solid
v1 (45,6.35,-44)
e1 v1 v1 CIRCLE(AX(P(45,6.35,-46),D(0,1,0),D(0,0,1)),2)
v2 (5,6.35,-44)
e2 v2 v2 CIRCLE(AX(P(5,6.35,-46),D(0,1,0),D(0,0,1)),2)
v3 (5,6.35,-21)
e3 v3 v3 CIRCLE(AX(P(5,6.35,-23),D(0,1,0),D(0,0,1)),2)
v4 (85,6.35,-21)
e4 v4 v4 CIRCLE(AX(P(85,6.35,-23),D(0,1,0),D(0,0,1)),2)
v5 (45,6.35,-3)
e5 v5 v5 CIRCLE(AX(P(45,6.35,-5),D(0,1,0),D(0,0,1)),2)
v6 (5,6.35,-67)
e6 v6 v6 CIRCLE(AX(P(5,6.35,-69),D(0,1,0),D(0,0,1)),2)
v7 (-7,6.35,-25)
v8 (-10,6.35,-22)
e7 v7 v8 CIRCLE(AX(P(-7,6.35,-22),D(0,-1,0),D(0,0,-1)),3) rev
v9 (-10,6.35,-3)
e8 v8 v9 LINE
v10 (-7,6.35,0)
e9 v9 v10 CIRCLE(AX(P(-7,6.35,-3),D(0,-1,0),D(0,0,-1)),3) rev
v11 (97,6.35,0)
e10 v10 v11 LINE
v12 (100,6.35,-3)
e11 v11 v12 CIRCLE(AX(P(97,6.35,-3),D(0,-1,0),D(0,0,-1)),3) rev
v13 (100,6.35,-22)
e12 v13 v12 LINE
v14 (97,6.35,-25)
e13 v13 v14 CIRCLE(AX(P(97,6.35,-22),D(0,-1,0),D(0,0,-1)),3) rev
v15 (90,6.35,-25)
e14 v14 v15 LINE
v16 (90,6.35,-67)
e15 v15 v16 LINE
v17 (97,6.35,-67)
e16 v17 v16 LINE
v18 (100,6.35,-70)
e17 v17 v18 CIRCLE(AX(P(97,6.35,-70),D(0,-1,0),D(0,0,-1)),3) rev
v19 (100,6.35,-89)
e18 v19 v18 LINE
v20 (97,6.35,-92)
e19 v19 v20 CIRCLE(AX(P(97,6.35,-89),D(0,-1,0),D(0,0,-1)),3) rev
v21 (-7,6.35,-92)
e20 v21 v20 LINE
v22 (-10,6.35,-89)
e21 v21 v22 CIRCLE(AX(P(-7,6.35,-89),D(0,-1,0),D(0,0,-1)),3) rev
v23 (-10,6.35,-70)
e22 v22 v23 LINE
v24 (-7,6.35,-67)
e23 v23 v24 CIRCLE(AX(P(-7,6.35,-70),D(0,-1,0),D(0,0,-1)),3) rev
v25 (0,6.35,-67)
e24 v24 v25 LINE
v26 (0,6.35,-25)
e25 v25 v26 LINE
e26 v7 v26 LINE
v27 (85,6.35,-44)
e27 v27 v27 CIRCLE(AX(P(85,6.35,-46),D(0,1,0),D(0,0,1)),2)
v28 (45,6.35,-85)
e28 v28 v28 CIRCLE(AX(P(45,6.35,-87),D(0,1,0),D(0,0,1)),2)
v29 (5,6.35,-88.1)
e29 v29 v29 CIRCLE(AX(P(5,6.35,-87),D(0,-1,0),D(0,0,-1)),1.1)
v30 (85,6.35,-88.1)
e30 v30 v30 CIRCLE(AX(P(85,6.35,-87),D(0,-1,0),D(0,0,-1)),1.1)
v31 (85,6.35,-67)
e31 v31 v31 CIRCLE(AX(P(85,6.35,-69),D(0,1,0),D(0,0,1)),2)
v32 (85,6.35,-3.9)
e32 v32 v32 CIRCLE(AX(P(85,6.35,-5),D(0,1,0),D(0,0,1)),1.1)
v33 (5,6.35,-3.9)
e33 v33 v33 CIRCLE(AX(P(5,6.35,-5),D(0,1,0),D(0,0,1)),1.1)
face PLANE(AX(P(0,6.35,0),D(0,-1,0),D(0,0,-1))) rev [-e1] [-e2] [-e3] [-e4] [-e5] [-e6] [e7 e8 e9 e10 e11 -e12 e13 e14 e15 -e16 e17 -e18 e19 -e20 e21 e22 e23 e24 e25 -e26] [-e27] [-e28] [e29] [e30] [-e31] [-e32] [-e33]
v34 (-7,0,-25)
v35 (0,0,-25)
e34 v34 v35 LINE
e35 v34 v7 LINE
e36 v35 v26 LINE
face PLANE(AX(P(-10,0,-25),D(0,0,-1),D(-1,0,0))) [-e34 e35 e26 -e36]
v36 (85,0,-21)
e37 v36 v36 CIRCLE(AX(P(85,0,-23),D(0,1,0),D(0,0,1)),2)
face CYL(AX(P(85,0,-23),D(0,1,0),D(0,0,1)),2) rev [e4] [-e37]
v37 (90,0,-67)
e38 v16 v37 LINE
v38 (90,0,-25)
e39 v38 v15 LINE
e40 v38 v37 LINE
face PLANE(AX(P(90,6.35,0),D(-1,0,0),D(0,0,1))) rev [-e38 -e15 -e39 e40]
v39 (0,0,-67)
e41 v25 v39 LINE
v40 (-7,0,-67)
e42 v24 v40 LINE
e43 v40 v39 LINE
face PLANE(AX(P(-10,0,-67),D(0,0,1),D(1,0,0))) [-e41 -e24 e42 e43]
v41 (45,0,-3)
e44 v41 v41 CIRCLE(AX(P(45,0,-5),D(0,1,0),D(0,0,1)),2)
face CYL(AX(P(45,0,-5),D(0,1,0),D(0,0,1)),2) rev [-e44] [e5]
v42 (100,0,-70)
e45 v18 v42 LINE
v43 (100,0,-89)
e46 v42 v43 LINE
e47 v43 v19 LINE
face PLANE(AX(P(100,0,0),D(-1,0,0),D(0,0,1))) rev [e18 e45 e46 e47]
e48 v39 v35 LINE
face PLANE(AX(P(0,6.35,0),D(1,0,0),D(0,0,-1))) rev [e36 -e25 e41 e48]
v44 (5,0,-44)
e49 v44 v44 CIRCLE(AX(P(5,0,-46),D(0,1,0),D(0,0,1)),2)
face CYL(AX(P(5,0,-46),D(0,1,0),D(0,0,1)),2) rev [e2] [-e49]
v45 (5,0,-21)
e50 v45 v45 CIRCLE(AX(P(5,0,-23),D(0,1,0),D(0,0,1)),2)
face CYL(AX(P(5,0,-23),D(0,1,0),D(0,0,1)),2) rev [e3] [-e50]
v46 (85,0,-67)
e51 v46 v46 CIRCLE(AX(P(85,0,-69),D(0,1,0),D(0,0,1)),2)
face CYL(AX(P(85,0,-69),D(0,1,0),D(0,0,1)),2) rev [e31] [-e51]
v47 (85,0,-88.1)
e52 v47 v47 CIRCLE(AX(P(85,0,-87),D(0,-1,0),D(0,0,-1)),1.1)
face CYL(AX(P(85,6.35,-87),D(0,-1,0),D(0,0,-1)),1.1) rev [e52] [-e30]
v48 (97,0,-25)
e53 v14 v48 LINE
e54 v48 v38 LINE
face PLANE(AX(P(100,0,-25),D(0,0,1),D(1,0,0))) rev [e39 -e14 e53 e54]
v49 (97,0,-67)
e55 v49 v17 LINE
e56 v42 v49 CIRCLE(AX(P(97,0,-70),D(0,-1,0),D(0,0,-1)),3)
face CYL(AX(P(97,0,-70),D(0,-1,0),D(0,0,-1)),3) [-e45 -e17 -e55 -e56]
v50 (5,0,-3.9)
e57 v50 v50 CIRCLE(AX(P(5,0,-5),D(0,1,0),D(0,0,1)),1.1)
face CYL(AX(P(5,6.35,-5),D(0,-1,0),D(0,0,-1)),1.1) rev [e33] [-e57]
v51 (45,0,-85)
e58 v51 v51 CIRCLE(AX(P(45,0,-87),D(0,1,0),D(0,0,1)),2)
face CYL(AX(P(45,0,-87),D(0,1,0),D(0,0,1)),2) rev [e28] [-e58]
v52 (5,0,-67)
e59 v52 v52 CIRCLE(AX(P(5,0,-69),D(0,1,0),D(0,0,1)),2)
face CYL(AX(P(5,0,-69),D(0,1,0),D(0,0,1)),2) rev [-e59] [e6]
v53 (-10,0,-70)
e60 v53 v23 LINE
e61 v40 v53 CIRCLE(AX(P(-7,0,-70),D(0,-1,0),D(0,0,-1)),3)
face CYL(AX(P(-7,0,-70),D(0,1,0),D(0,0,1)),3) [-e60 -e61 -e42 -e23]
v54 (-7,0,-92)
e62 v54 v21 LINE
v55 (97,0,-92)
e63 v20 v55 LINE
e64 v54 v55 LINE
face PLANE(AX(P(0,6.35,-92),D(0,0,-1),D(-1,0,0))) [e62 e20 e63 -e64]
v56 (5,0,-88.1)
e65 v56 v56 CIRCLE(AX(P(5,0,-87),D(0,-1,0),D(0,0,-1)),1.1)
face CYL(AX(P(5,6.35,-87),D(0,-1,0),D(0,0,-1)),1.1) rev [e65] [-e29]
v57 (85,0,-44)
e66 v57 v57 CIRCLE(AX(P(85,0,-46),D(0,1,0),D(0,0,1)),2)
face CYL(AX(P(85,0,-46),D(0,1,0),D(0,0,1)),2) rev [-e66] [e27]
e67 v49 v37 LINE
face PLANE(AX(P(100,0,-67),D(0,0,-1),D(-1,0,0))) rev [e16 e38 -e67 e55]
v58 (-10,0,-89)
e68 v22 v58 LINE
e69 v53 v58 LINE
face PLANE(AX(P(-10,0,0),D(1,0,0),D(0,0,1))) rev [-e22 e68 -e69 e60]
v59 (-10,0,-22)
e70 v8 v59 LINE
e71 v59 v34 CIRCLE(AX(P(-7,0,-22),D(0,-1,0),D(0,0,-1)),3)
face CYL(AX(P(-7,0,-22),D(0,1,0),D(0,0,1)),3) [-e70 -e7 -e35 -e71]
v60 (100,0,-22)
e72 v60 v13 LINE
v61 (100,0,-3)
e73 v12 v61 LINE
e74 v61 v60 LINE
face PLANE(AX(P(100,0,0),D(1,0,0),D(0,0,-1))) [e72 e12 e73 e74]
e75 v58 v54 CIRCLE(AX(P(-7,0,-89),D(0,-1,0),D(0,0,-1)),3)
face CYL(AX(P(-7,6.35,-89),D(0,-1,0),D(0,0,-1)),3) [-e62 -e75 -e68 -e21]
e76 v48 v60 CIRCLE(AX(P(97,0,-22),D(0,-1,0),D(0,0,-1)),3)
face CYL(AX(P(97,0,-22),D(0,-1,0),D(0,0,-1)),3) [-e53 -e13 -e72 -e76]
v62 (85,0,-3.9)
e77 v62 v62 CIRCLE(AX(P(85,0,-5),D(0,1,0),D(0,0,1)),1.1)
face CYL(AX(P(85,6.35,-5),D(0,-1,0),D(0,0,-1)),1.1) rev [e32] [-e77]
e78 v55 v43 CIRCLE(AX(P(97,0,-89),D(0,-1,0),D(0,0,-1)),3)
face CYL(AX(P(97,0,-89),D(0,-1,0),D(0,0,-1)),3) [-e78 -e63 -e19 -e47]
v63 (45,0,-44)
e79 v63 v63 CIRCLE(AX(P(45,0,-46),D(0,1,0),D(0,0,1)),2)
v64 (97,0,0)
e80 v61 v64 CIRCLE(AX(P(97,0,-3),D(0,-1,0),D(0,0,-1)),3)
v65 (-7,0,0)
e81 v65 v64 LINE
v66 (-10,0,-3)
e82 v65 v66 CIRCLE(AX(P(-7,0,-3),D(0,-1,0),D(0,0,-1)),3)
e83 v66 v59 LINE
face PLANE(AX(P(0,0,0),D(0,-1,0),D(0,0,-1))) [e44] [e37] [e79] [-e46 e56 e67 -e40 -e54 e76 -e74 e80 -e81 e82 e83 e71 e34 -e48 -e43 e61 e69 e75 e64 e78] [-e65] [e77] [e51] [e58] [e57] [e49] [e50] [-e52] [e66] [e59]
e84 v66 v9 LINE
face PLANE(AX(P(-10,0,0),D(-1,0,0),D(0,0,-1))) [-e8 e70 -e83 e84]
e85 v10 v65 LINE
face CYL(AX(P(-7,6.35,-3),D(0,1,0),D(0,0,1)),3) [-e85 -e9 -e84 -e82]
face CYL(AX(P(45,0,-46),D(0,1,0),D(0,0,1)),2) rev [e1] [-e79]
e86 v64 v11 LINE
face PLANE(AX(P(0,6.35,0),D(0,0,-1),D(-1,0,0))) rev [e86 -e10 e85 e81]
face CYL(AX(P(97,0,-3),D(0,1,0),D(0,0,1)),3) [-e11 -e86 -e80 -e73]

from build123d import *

# Parameters (mm, degrees)
SKETCH1_W               = 90
SKETCH1_H               = 46
SKETCH1_R               = 1.1
BOSS_EXTRUDE1_DEPTH     = 6.35
SKETCH2_W               = 25
SKETCH2_H               = 6.35
BOSS_EXTRUDE2_DEPTH     = 10
FILLET1_R               = 3
MIRROR2_COPY_1_SKETCH_W = 90
MIRROR2_COPY_1_SKETCH_H = 46
MIRROR2_COPY_1_SKETCH_R = 1.1
MIRROR2_COPY_1_DEPTH    = 6.35
FILLET1_OF_MIRROR2_R    = 3
SKETCH3_R               = 2
CUT_EXTRUDE1_DEPTH      = 6.35
SKETCH4_R               = 2
CUT_EXTRUDE2_DEPTH      = 6.35
SKETCH5_R               = 2
CUT_EXTRUDE3_DEPTH      = 6.35
SKETCH6_R               = 2
CUT_EXTRUDE4_DEPTH      = 6.35


with BuildPart() as part:
    # Sketch1 → Boss-Extrude1 (new body)
    with BuildSketch(Plane(origin=(0, 0, 0), x_dir=(1, 0, 0), z_dir=(0, 1, 0))):
        with Locations((45, 23)):
            Rectangle(SKETCH1_W, SKETCH1_H)
        with Locations((85, 5)):
            Circle(SKETCH1_R, mode=Mode.SUBTRACT)
        with Locations((5, 5)):
            Circle(SKETCH1_R, mode=Mode.SUBTRACT)
    boss_extrude1 = extrude(amount=BOSS_EXTRUDE1_DEPTH)

    # Mirror1: Boss-Extrude1 across plane
    add(boss_extrude1.mirror(Plane(origin=(0, 0, -46), x_dir=(1, 0, 0), z_dir=(0, 0, -1))))

    # Sketch2 → Boss-Extrude2 (add)
    with BuildSketch(Plane(origin=(90, 0, 0), x_dir=(0, 0, -1), z_dir=(1, 0, 0))):
        with Locations((12.5, 3.175)):
            Rectangle(SKETCH2_W, SKETCH2_H)
        with Locations((79.5, 3.175)):
            Rectangle(SKETCH2_W, SKETCH2_H)
    boss_extrude2 = extrude(amount=BOSS_EXTRUDE2_DEPTH)

    # Fillet1
    fillet1_edges = [part.edges().sort_by_distance(p)[0] for p in [
        (100, 3.175, 0),
        (100, 3.175, -25),
        (100, 3.175, -92),
        (100, 3.175, -67),
    ]]
    fillet(fillet1_edges, radius=FILLET1_R)

    # Mirror2: Boss-Extrude1, Boss-Extrude2 across plane
    add(boss_extrude1.mirror(Plane(origin=(45, 0, 0), x_dir=(0, 0, 1), z_dir=(1, 0, 0))))
    add(boss_extrude2.mirror(Plane(origin=(45, 0, 0), x_dir=(0, 0, 1), z_dir=(1, 0, 0))))

    # Mirror2 copy 1 sketch → Mirror2 copy 1 (add)
    with BuildSketch(Plane(origin=(90, 0, -92), x_dir=(-1, 0, 0), z_dir=(0, 1, 0))):
        with Locations((45, 23)):
            Rectangle(MIRROR2_COPY_1_SKETCH_W, MIRROR2_COPY_1_SKETCH_H)
        with Locations((85, 5)):
            Circle(MIRROR2_COPY_1_SKETCH_R, mode=Mode.SUBTRACT)
        with Locations((5, 5)):
            Circle(MIRROR2_COPY_1_SKETCH_R, mode=Mode.SUBTRACT)
    extrude(amount=MIRROR2_COPY_1_DEPTH)

    # Fillet1 of Mirror2
    fillet1_of_mirror2_edges = [part.edges().sort_by_distance(p)[0] for p in [
        (-10, 3.175, 0),
        (-10, 3.175, -25),
        (-10, 3.175, -92),
        (-10, 3.175, -67),
    ]]
    fillet(fillet1_of_mirror2_edges, radius=FILLET1_OF_MIRROR2_R)

    # Sketch3 → Cut-Extrude1 (cut)
    with BuildSketch(Plane(origin=(0, 6.35, 0), x_dir=(1, 0, 0), z_dir=(0, 1, 0))):
        with Locations((5, 69)):
            Circle(SKETCH3_R)
        with Locations((85, 69)):
            Circle(SKETCH3_R)
    extrude(amount=-CUT_EXTRUDE1_DEPTH, mode=Mode.SUBTRACT)

    # Sketch4 → Cut-Extrude2 (cut)
    with BuildSketch(Plane(origin=(0, 6.35, 0), x_dir=(1, 0, 0), z_dir=(0, 1, 0))):
        with Locations((5, 23)):
            Circle(SKETCH4_R)
        with Locations((85, 23)):
            Circle(SKETCH4_R)
    extrude(amount=-CUT_EXTRUDE2_DEPTH, mode=Mode.SUBTRACT)

    # Sketch5 → Cut-Extrude3 (cut)
    with BuildSketch(Plane(origin=(0, 6.35, 0), x_dir=(1, 0, 0), z_dir=(0, 1, 0))):
        with Locations((45, 5)):
            Circle(SKETCH5_R)
        with Locations((45, 87)):
            Circle(SKETCH5_R)
    extrude(amount=-CUT_EXTRUDE3_DEPTH, mode=Mode.SUBTRACT)

    # Sketch6 → Cut-Extrude4 (cut)
    with BuildSketch(Plane(origin=(0, 6.35, 0), x_dir=(1, 0, 0), z_dir=(0, 1, 0))):
        with Locations((85, 46)):
            Circle(SKETCH6_R)
        with Locations((45, 46)):
            Circle(SKETCH6_R)
        with Locations((5, 46)):
            Circle(SKETCH6_R)
    extrude(amount=-CUT_EXTRUDE4_DEPTH, mode=Mode.SUBTRACT)


solid = part.part
